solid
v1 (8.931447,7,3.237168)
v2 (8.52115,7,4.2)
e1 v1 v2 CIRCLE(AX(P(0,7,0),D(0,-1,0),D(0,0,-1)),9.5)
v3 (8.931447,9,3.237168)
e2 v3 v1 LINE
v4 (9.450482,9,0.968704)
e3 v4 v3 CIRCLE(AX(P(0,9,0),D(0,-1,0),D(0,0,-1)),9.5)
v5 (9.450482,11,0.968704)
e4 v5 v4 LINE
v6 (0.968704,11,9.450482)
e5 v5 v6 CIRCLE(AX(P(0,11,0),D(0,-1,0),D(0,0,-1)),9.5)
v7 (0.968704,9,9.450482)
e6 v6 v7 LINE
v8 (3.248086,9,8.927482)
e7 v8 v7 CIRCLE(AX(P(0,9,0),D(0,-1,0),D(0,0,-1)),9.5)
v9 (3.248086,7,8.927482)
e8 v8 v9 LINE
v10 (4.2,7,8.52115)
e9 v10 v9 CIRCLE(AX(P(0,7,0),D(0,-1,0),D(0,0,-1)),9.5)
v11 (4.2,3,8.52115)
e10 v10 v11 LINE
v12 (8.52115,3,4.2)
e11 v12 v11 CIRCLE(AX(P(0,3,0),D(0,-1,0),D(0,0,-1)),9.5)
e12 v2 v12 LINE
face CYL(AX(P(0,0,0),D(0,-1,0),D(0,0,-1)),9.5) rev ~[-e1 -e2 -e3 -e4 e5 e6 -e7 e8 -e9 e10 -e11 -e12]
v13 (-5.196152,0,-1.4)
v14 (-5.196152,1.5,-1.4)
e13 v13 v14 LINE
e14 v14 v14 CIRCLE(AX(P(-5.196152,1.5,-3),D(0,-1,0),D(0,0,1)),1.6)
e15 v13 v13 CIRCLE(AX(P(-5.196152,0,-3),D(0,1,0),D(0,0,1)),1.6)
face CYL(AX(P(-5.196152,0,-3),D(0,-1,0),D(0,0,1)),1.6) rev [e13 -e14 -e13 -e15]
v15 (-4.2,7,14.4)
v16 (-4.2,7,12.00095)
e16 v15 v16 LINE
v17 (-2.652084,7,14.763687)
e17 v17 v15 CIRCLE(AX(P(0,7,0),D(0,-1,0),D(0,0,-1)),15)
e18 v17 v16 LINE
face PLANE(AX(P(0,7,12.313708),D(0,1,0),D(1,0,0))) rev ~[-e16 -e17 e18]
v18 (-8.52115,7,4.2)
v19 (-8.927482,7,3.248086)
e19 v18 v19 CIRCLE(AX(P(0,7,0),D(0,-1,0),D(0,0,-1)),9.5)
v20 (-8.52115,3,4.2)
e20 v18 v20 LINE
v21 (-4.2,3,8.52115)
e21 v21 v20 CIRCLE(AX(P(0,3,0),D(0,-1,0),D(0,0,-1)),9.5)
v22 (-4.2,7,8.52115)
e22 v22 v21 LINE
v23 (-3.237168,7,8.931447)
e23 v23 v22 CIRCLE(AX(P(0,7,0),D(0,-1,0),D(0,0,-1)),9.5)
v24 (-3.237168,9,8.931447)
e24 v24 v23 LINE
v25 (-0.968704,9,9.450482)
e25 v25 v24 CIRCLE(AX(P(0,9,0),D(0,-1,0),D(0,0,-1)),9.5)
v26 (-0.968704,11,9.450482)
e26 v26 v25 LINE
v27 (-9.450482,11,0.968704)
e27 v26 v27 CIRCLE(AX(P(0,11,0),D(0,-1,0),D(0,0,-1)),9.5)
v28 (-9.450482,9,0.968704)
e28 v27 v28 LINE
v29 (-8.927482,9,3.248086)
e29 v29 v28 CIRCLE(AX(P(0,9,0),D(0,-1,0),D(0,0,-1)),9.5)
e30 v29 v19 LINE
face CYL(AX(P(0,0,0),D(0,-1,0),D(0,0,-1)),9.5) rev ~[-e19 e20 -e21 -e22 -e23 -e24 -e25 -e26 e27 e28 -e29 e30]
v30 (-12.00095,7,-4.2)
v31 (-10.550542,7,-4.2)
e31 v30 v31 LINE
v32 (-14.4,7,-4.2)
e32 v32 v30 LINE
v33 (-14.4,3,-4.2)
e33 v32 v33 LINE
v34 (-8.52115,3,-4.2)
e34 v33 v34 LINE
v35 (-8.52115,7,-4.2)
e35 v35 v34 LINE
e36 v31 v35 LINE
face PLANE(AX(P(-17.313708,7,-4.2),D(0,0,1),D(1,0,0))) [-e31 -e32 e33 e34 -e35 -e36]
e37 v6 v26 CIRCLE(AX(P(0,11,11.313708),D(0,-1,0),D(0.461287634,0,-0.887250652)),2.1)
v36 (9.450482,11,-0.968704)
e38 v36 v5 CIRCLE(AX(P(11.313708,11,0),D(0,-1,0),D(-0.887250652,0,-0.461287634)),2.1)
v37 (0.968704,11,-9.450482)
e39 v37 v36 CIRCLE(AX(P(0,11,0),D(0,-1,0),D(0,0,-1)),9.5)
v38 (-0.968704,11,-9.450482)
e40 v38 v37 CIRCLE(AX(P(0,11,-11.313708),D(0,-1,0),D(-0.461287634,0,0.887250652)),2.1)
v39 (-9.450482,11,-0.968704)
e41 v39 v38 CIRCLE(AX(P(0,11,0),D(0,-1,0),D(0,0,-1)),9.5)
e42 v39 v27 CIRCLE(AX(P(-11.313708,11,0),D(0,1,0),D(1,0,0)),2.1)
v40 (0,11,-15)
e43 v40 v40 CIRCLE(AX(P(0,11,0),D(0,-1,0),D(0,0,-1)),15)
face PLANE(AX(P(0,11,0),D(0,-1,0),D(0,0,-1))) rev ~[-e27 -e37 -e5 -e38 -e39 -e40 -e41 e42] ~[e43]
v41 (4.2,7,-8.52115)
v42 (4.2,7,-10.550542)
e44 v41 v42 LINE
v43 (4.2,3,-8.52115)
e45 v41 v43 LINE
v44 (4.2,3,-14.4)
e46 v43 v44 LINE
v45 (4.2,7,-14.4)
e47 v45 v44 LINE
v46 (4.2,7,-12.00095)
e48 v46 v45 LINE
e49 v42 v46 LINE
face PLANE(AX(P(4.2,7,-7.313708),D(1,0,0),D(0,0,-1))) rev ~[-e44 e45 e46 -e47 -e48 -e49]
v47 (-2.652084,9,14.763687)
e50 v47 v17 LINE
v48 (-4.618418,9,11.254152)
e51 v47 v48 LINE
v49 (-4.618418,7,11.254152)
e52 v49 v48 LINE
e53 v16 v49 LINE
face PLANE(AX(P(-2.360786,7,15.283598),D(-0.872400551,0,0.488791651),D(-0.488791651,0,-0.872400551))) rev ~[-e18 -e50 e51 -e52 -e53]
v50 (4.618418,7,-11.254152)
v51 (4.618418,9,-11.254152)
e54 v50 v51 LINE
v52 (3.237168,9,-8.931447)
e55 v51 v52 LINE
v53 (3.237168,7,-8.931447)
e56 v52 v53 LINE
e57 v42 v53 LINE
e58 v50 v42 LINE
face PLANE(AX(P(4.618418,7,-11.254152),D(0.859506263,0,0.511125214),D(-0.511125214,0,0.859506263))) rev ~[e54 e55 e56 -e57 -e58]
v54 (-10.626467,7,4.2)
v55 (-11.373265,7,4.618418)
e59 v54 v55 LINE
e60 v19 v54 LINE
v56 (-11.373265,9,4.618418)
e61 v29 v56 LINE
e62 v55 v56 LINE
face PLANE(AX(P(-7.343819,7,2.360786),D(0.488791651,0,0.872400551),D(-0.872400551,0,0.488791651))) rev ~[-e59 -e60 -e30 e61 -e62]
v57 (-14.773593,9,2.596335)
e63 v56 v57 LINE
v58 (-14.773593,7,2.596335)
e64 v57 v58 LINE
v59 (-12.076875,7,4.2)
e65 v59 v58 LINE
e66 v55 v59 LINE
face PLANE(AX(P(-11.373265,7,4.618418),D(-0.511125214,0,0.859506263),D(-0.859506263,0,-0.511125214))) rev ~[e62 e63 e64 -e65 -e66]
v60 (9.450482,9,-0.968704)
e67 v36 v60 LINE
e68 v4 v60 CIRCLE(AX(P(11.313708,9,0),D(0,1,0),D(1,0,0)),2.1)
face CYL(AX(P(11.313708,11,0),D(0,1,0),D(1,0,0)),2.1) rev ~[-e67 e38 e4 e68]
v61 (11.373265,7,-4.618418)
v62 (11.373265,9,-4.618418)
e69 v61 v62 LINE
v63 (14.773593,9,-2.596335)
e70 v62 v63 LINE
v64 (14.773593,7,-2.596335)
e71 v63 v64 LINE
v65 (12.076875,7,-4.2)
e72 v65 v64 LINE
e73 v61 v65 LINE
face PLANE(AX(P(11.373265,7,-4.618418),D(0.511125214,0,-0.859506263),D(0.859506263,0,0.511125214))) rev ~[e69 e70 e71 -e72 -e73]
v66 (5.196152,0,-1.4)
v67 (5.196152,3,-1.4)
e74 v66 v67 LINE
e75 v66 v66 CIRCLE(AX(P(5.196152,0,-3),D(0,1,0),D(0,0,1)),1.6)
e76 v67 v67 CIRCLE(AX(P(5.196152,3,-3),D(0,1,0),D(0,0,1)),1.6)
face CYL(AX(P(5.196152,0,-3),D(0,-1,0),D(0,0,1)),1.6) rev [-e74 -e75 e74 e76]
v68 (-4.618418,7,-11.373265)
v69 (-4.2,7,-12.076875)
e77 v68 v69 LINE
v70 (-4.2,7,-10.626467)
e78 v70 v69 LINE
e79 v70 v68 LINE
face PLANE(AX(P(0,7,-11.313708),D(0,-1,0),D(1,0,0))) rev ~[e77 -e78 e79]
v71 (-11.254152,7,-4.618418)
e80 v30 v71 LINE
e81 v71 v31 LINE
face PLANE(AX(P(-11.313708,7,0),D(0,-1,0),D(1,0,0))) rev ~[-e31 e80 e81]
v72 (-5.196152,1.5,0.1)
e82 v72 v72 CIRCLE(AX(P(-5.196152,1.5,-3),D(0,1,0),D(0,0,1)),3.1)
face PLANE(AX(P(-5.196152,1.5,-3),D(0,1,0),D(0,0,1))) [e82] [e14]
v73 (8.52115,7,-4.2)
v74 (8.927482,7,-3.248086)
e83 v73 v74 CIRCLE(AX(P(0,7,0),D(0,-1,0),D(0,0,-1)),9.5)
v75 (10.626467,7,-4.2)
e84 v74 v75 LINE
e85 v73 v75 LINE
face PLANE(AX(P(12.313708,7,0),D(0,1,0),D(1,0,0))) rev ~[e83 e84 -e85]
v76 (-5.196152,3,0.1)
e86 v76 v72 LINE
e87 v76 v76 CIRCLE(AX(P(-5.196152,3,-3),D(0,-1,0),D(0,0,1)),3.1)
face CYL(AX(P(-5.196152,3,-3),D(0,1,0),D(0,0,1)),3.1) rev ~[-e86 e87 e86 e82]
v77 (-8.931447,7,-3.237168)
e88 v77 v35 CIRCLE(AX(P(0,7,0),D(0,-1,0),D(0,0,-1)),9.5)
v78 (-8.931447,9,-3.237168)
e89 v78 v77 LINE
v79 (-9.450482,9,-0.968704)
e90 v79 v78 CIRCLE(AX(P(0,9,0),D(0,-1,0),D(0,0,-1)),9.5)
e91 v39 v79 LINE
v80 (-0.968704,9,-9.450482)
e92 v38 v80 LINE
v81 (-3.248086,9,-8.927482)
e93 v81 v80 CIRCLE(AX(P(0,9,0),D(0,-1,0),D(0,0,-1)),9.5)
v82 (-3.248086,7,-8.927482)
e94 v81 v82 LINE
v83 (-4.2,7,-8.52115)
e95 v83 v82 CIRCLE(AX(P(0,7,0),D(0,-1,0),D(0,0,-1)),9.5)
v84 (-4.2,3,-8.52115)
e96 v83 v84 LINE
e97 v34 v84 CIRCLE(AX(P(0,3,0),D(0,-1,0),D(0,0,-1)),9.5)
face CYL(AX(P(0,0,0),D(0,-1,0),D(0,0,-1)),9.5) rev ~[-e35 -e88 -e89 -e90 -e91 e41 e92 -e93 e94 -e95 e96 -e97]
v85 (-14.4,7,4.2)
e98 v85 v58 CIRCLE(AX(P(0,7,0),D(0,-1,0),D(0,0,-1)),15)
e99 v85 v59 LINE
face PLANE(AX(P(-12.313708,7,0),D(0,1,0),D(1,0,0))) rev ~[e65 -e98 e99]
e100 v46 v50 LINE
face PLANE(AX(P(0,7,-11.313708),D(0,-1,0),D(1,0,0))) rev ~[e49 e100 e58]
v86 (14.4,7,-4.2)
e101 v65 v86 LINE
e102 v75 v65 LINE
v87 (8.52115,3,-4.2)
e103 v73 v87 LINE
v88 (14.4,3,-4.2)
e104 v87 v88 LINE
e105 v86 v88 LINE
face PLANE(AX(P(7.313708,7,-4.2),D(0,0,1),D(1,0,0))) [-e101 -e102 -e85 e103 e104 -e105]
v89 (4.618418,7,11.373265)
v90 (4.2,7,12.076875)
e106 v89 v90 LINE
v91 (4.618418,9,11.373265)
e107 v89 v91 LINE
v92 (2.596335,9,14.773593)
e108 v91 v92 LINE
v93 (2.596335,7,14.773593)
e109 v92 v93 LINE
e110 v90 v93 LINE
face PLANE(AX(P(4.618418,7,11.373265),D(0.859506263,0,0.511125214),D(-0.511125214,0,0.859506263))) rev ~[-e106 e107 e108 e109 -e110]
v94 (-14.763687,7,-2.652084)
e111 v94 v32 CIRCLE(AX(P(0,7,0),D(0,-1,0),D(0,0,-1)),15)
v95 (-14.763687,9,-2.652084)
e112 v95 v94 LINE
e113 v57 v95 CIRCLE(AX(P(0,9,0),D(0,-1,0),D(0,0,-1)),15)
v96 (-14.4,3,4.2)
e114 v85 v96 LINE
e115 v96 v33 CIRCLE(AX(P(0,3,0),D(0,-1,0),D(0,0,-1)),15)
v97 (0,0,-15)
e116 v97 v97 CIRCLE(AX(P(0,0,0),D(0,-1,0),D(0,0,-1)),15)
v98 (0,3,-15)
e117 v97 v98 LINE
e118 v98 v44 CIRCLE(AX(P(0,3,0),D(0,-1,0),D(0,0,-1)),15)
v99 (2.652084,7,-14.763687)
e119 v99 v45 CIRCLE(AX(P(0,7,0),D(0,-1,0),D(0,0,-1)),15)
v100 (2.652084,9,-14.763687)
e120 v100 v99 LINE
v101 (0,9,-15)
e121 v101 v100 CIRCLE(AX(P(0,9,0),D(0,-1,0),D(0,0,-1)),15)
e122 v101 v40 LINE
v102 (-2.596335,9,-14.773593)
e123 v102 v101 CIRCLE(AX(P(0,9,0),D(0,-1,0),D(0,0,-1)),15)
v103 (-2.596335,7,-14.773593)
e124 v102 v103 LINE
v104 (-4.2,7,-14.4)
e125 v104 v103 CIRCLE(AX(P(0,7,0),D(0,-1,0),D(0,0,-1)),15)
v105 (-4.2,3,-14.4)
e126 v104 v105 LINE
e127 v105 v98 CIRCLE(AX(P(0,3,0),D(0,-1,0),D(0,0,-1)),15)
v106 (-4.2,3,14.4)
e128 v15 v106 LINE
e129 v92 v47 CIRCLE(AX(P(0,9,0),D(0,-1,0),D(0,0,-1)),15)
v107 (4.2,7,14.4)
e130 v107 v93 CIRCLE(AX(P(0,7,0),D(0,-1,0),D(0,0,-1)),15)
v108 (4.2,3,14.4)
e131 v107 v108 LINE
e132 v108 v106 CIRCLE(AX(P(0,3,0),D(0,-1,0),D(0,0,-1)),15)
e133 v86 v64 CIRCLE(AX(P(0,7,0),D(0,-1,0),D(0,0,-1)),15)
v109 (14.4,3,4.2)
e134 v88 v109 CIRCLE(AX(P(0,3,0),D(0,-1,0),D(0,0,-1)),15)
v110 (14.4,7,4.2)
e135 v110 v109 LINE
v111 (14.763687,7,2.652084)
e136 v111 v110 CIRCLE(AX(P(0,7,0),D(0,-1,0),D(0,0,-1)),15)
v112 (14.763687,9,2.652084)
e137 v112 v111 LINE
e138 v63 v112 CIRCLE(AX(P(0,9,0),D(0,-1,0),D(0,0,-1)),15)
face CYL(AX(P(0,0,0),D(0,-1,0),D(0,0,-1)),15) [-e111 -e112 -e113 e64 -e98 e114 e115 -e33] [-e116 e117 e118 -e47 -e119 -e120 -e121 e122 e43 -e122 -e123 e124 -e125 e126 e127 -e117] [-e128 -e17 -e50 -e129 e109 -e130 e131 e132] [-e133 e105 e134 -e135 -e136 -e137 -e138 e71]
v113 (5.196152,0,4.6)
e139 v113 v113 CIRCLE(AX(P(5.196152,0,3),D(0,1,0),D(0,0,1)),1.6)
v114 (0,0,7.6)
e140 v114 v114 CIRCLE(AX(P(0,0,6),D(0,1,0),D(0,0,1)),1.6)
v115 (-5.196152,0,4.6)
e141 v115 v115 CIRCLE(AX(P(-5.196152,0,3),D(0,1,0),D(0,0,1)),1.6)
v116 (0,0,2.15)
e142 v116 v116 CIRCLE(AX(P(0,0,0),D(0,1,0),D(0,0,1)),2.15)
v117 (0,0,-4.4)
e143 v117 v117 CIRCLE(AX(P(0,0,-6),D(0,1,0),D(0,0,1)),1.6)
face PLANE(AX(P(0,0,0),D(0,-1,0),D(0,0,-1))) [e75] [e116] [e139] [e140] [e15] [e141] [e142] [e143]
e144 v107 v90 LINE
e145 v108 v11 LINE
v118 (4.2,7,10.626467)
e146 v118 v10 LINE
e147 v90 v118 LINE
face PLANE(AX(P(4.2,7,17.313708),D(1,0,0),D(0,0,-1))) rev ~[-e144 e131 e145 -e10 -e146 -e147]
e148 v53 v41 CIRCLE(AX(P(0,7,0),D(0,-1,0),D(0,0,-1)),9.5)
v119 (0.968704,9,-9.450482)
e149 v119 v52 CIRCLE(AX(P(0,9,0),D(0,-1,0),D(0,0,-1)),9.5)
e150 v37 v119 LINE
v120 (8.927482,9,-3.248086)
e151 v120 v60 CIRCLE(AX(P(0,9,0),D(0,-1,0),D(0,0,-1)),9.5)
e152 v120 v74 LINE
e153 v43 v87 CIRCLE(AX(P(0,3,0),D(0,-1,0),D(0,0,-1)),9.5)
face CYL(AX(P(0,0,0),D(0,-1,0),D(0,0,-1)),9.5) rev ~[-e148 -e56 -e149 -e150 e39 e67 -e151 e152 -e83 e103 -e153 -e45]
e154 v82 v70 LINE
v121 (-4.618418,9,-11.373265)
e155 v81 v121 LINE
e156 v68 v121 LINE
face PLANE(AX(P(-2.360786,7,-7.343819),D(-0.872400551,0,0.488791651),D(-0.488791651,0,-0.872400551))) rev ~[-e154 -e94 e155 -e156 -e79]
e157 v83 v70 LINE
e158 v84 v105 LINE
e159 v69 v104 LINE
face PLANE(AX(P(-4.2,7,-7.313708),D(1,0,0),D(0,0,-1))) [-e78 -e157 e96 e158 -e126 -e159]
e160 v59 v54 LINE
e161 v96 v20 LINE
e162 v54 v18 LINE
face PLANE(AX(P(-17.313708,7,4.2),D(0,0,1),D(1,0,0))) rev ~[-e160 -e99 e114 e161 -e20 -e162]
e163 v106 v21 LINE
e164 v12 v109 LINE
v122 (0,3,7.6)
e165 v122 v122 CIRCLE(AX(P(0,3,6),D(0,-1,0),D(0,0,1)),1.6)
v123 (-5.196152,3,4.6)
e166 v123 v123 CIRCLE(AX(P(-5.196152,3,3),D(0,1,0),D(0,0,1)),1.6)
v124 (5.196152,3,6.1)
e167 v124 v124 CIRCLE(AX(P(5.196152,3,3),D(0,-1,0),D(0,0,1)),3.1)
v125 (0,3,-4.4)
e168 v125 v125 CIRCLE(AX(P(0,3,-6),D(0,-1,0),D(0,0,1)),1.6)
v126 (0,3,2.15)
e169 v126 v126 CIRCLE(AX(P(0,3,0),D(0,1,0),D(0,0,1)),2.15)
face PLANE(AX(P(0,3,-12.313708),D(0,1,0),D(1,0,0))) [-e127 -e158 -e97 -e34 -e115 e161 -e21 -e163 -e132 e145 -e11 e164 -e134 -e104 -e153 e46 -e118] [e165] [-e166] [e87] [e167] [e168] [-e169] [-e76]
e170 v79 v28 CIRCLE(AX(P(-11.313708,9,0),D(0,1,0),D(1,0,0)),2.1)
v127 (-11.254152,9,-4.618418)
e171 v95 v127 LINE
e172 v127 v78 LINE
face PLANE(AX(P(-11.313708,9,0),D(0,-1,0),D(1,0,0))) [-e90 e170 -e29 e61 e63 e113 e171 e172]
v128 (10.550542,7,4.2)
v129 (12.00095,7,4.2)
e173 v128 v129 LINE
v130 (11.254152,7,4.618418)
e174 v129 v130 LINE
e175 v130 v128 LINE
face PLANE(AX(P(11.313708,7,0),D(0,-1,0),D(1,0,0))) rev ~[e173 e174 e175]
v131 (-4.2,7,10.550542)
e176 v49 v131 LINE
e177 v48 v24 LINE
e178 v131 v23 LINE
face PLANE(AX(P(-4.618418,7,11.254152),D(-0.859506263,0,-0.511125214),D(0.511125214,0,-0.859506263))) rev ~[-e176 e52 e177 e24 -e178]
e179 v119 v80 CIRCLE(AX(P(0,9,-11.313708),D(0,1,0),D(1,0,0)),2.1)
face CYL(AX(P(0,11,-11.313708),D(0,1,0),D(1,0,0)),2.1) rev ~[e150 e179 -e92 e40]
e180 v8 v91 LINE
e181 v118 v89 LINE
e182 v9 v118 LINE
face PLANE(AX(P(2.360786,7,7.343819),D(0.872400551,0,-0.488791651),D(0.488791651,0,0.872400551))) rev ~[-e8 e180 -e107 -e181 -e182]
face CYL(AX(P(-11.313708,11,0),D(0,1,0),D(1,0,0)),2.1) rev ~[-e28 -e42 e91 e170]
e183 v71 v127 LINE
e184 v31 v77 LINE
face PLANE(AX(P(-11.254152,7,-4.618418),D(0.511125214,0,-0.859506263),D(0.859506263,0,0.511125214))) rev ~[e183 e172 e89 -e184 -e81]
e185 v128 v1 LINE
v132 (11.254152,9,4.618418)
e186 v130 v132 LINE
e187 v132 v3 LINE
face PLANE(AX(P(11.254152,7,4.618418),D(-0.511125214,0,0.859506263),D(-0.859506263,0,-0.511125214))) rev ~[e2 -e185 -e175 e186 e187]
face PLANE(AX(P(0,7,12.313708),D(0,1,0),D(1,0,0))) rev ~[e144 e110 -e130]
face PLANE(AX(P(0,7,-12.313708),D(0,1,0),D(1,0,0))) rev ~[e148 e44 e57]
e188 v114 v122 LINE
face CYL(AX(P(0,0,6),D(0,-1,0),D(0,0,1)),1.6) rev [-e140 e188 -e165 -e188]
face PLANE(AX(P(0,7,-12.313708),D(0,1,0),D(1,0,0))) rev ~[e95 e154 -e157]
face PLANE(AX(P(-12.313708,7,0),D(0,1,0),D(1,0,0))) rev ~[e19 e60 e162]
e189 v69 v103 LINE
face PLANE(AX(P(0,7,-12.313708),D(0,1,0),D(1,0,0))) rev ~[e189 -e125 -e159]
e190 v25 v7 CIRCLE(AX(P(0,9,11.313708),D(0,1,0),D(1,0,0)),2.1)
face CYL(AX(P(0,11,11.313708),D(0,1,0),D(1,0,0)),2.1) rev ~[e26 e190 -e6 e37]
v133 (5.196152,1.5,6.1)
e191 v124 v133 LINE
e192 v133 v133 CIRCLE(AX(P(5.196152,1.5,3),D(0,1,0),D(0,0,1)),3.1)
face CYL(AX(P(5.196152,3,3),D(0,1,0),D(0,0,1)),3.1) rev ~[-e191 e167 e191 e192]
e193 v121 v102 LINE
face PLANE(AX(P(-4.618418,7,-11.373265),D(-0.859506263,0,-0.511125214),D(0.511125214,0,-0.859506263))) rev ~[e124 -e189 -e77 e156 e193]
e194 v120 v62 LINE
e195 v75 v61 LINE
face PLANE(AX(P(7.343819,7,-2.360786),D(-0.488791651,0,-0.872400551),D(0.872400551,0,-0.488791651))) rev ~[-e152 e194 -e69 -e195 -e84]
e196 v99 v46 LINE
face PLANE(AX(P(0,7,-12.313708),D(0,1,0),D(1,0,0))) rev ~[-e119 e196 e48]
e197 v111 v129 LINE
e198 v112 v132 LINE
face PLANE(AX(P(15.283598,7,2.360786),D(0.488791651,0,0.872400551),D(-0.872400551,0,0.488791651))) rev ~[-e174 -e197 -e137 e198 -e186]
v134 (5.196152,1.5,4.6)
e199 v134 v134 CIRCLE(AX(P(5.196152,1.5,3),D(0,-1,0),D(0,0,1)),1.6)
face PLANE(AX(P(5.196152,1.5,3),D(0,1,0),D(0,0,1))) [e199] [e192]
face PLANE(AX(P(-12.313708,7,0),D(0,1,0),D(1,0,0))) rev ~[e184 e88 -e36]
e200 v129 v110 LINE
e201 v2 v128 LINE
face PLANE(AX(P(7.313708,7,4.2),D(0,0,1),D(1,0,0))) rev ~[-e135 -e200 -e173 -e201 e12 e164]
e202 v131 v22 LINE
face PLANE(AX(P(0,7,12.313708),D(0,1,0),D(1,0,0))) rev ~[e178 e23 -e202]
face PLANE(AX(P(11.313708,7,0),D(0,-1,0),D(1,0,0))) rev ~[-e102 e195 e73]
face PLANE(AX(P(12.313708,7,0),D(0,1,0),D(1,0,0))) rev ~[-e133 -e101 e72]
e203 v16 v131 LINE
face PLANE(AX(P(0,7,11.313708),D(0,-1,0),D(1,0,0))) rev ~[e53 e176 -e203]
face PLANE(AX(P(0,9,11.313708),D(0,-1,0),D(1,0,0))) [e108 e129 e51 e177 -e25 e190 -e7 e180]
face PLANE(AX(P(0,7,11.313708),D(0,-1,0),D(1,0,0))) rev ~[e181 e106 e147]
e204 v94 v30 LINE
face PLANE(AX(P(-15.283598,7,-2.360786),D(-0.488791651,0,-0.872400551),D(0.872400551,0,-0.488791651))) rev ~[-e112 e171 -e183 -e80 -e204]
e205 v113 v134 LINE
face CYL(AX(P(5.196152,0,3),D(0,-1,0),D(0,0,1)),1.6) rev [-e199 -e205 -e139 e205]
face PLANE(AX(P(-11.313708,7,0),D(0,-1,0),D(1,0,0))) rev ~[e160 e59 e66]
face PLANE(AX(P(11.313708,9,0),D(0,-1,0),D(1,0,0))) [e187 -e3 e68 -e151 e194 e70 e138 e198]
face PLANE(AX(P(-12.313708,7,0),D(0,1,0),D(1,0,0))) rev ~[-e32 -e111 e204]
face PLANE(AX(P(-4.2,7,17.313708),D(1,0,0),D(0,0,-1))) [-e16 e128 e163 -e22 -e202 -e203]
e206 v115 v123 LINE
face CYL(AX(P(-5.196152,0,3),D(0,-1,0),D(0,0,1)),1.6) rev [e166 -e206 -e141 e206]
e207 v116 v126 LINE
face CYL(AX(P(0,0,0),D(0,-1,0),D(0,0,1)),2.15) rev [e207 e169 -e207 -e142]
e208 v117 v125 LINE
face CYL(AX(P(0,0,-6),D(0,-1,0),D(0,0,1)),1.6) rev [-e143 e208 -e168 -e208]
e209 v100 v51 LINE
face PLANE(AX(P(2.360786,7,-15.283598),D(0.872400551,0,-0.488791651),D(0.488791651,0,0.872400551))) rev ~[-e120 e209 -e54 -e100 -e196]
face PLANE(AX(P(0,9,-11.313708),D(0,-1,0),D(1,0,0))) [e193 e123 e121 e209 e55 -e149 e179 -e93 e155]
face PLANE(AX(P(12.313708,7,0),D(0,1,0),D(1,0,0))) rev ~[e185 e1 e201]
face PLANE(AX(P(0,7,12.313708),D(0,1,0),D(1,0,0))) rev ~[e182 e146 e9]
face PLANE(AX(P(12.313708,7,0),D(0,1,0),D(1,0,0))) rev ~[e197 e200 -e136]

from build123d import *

# Parameters (mm, degrees)
SKETCH1_R           = 10
SKETCH1_R_2         = 1.6
SKETCH1_R_3         = 2.15
BOSS_EXTRUDE1_DEPTH = 3
SKETCH2_R           = 3.1
CUT_EXTRUDE2_DEPTH  = 1.5
SKETCH3_R           = 15
SKETCH3_R_2         = 9.5
BOSS_EXTRUDE2_DEPTH = 11
SKETCH5_R           = 2.1
CUT_EXTRUDE3_DEPTH  = 4
SKETCH7_W           = 10
SKETCH7_H           = 8.4
SKETCH7_W_2         = 8.4
SKETCH7_H_2         = 10
CUT_EXTRUDE4_DEPTH  = 4
CUT_EXTRUDE6_DEPTH  = 2


with BuildPart() as part:
    # Sketch1 → Boss-Extrude1 (new body)
    with BuildSketch(Plane(origin=(0, 0, 0), x_dir=(1, 0, 0), z_dir=(0, 1, 0))):
        with Locations(Location((0, 0, 0), (0, 0, 270))):
            Circle(SKETCH1_R)
        with Locations(Location((0, 6, 0), (0, 0, 270))):
            Circle(SKETCH1_R_2, mode=Mode.SUBTRACT)
        with Locations(Location((5.196152423, 3, 0), (0, 0, 270))):
            Circle(SKETCH1_R_2, mode=Mode.SUBTRACT)
        with Locations(Location((5.196152423, -3, 0), (0, 0, 270))):
            Circle(SKETCH1_R_2, mode=Mode.SUBTRACT)
        with Locations(Location((0, -6, 0), (0, 0, 270))):
            Circle(SKETCH1_R_2, mode=Mode.SUBTRACT)
        with Locations(Location((-5.196152423, -3, 0), (0, 0, 270))):
            Circle(SKETCH1_R_2, mode=Mode.SUBTRACT)
        with Locations(Location((-5.196152423, 3, 0), (0, 0, 270))):
            Circle(SKETCH1_R_2, mode=Mode.SUBTRACT)
        with Locations(Location((0, 0, 0), (0, 0, 270))):
            Circle(SKETCH1_R_3, mode=Mode.SUBTRACT)
    extrude(amount=BOSS_EXTRUDE1_DEPTH)

    # Sketch2 → Cut-Extrude2 (cut)
    with BuildSketch(Plane(origin=(0, 3, 0), x_dir=(1, 0, 0), z_dir=(0, 1, 0))):
        with Locations(Location((-5.196152423, 3, 0), (0, 0, 270))):
            Circle(SKETCH2_R)
        with Locations(Location((5.196152423, -3, 0), (0, 0, 270))):
            Circle(SKETCH2_R)
    extrude(amount=-CUT_EXTRUDE2_DEPTH, mode=Mode.SUBTRACT)

    # Sketch3 → Boss-Extrude2 (add)
    with BuildSketch(Plane.XZ):
        with Locations(Location((0, 0, 0), (0, 0, 270))):
            Circle(SKETCH3_R)
        with Locations(Location((0, 0, 0), (0, 0, 270))):
            Circle(SKETCH3_R_2, mode=Mode.SUBTRACT)
    extrude(amount=-BOSS_EXTRUDE2_DEPTH)

    # Sketch5 → Cut-Extrude3 (cut)
    with BuildSketch(Plane(origin=(0, 11, 0), x_dir=(1, 0, 0), z_dir=(0, 1, 0))):
        with Locations((0, 11.313708499)):
            Circle(SKETCH5_R)
        with Locations((11.313708499, 0)):
            Circle(SKETCH5_R)
        with Locations((0, -11.313708499)):
            Circle(SKETCH5_R)
        with Locations((-11.313708499, 0)):
            Circle(SKETCH5_R)
    extrude(amount=-CUT_EXTRUDE3_DEPTH, mode=Mode.SUBTRACT)

    # Sketch7 → Cut-Extrude4 (cut)
    with BuildSketch(Plane(origin=(0, 7, 0), x_dir=(1, 0, 0), z_dir=(0, 1, 0))):
        with Locations((-12.313708499, 0)):
            Rectangle(SKETCH7_W, SKETCH7_H)
        with Locations((0, 12.313708499)):
            Rectangle(SKETCH7_W_2, SKETCH7_H_2)
        with Locations((12.313708499, 0)):
            Rectangle(SKETCH7_W, SKETCH7_H)
        with Locations((0, -12.313708499)):
            Rectangle(SKETCH7_W_2, SKETCH7_H_2)
    extrude(amount=-CUT_EXTRUDE4_DEPTH, mode=Mode.SUBTRACT)

    # Sketch8 → Cut-Extrude6 (cut)
    with BuildSketch(Plane.XZ.offset(-7)):
        Polygon((-2.257631932, 7.284262955), (2.360786238, 7.343819121), (4.61841817, 11.373264666), (2.257631932, 15.343154043), (-2.360786238, 15.283597877), (-4.61841817, 11.254152332), align=None)
        Polygon((-7.284262955, -2.257631932), (-7.343819121, 2.360786238), (-11.373264666, 4.61841817), (-15.343154043, 2.257631932), (-15.283597877, -2.360786238), (-11.254152332, -4.61841817), align=None)
        Polygon((7.284262955, 2.257631932), (7.343819121, -2.360786238), (11.373264666, -4.61841817), (15.343154043, -2.257631932), (15.283597877, 2.360786238), (11.254152332, 4.61841817), align=None)
        Polygon((2.257631932, -7.284262955), (-2.360786238, -7.343819121), (-4.61841817, -11.373264666), (-2.257631932, -15.343154043), (2.360786238, -15.283597877), (4.61841817, -11.254152332), align=None)
    extrude(amount=-CUT_EXTRUDE6_DEPTH, mode=Mode.SUBTRACT)


solid = part.part
